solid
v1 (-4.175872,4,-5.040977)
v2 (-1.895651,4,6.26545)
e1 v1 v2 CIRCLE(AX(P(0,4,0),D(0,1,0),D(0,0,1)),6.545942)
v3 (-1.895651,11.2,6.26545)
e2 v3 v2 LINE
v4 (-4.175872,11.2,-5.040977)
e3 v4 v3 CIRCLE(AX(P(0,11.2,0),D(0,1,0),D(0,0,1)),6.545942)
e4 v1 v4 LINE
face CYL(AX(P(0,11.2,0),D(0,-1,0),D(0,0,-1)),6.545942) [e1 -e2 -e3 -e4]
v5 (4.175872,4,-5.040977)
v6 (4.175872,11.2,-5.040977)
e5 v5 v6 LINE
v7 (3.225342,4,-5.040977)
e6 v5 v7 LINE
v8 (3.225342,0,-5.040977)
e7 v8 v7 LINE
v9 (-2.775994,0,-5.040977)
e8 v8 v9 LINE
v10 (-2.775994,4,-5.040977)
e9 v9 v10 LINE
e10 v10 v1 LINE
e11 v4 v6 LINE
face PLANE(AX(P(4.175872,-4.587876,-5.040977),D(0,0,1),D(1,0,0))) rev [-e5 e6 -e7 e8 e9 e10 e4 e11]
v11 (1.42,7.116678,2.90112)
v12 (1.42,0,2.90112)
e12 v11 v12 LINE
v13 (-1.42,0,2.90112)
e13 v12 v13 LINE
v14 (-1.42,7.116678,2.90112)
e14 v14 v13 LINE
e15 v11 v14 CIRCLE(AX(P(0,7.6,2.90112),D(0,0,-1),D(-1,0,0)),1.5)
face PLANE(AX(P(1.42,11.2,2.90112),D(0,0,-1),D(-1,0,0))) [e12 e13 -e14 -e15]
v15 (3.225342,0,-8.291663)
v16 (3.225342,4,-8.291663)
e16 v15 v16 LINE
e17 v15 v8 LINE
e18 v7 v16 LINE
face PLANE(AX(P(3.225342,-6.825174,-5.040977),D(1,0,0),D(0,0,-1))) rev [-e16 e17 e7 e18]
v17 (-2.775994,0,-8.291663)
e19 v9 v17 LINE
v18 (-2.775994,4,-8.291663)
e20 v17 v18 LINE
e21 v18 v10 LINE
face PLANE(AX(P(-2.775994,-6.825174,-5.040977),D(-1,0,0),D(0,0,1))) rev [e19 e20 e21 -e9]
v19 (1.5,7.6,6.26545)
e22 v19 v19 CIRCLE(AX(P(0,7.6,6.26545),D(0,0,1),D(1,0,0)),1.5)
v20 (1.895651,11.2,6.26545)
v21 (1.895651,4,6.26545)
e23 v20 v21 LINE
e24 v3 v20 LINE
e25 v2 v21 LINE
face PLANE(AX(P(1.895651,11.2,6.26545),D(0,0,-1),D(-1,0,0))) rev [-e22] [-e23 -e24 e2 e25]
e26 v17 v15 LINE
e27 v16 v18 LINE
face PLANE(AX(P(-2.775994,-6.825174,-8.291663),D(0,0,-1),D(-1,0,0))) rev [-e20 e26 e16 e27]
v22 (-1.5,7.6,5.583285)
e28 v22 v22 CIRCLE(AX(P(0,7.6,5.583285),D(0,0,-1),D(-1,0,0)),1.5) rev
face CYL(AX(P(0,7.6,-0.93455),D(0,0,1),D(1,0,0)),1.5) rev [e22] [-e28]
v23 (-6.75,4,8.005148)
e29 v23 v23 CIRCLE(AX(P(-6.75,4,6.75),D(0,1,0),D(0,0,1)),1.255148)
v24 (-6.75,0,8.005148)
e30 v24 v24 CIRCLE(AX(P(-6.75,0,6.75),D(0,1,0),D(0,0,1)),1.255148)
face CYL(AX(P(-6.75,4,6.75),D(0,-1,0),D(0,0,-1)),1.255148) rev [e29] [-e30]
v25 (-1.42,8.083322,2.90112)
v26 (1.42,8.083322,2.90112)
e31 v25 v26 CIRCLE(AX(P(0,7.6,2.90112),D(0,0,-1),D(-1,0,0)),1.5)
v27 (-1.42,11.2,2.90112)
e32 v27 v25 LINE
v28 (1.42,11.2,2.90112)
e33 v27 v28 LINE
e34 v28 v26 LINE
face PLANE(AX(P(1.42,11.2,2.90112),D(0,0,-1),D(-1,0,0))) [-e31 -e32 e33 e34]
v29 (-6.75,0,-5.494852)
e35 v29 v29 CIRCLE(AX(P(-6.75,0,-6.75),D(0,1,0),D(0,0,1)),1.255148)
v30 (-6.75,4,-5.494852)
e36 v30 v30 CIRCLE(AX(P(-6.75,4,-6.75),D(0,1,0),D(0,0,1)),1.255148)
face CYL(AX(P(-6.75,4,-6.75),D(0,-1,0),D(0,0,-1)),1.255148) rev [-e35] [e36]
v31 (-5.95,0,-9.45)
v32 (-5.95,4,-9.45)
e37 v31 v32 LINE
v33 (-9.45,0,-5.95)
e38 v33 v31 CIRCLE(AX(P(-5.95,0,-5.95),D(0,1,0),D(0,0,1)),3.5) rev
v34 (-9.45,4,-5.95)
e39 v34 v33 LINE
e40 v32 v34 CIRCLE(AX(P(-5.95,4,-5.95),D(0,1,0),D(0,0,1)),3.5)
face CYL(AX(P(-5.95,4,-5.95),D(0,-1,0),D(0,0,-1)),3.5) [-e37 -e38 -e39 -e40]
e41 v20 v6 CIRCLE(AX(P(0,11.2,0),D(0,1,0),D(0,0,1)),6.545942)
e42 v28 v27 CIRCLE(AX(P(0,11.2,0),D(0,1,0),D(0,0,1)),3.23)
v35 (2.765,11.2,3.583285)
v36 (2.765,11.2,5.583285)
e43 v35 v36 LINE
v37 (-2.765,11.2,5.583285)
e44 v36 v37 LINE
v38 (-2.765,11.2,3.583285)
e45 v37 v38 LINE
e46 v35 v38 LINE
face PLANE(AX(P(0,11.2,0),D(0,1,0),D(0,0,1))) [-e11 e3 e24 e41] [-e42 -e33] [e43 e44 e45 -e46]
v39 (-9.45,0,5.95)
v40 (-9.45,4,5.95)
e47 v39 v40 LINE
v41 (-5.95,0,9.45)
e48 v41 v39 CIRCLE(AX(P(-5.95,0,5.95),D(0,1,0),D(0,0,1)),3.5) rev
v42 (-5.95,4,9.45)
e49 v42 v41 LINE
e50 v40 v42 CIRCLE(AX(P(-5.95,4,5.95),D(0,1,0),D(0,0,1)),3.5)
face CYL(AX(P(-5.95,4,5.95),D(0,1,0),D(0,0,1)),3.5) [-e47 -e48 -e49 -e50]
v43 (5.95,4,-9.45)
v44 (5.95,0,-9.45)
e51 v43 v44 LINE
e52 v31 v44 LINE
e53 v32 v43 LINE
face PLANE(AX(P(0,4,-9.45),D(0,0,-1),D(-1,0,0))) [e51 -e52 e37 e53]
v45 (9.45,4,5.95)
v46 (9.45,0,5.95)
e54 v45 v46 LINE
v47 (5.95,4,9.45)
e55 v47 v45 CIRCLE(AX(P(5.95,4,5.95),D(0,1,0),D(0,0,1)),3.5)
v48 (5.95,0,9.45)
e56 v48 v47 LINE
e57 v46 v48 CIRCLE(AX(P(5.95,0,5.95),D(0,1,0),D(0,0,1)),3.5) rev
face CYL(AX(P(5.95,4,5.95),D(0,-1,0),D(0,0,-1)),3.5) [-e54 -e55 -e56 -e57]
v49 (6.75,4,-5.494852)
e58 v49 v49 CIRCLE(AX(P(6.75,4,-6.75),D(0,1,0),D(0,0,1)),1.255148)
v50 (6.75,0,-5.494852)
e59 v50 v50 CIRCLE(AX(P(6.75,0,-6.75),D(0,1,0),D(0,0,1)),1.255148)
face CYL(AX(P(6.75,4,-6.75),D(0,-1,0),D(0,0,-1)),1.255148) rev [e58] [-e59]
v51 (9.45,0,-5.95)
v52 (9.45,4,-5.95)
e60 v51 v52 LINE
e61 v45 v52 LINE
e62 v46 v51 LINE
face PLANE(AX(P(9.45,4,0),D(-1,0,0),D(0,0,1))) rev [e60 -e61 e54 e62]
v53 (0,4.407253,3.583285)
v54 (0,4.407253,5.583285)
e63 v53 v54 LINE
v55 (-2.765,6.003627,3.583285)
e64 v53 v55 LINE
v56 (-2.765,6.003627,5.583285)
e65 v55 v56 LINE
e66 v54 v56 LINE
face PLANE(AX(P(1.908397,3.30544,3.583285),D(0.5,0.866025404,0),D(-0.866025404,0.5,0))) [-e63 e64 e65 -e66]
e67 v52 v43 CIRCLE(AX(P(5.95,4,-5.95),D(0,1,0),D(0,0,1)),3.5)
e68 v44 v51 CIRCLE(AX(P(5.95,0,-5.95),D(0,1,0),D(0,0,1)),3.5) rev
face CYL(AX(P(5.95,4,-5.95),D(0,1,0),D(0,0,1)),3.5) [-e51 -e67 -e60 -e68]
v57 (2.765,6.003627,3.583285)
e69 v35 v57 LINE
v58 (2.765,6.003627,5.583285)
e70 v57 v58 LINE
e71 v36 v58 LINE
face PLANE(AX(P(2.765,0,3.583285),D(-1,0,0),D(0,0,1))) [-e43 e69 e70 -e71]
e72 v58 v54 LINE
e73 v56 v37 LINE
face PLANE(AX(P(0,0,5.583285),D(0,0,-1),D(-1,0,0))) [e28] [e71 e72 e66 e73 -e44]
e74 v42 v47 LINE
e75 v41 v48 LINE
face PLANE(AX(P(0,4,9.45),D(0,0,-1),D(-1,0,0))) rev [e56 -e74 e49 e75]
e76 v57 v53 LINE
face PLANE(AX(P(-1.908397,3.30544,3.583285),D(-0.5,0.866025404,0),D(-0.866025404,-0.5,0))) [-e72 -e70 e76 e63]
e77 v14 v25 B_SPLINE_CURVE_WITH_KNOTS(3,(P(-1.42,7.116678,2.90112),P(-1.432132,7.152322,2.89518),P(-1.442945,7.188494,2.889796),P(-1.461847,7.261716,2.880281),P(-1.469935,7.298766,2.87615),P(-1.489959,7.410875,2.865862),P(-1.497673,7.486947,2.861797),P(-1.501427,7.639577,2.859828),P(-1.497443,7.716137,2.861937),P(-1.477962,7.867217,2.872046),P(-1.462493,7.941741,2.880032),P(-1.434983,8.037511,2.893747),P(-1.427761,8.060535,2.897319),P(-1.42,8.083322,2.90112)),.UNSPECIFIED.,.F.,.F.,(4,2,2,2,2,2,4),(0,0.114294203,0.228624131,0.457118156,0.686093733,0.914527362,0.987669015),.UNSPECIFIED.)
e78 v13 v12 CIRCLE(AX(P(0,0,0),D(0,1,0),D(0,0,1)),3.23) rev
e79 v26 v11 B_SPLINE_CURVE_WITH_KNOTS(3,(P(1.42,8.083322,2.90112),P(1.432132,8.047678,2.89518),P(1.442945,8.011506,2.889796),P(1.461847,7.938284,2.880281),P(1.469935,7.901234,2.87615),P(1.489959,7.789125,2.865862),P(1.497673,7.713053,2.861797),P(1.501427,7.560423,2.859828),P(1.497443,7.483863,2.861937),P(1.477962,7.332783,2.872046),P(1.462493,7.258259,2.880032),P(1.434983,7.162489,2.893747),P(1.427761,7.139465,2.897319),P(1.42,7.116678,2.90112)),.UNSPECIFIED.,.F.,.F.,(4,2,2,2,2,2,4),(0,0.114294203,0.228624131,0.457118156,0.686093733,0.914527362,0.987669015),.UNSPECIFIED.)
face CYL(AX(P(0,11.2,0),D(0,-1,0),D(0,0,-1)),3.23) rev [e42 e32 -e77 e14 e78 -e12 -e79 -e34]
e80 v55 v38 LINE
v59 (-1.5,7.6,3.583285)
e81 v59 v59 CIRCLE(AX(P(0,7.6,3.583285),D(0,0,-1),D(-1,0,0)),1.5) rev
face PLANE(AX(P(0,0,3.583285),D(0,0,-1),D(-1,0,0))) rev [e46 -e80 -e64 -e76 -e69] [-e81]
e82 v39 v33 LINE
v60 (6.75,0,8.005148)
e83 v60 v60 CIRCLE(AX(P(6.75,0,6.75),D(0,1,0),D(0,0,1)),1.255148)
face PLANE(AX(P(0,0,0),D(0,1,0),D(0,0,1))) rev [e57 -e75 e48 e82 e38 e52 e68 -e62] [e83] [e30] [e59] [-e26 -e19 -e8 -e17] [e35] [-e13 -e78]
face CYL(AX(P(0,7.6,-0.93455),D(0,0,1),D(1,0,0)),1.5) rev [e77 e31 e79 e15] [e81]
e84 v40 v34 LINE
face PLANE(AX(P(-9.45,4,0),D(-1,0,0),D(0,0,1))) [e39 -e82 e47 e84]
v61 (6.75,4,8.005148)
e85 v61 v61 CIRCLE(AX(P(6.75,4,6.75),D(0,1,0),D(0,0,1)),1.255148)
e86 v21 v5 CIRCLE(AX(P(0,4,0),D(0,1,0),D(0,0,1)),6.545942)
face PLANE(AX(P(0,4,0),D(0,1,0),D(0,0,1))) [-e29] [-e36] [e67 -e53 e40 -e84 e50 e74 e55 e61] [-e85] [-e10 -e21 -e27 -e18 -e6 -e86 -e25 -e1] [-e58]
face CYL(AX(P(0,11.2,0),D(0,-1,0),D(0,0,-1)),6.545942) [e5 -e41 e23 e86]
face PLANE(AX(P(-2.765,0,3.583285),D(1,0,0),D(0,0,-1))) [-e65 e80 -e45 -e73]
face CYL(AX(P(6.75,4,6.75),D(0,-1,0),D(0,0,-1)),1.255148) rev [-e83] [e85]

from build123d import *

# Parameters (mm, degrees)
SKETCH1_W               = 18.9
SKETCH1_H               = 18.9
SKETCH1_R               = 1.255147878
BOSS_EXTRUDE1_DEPTH     = 4
FILLET1_R               = 3.5
BOSS_EXTRUDE2_DEPTH     = 7.2
SKETCH3_R               = 1.5
CUT_EXTRUDE1_DEPTH      = 7.2
CUT_EXTRUDE2_DEPTH      = 1
CUT_EXTRUDE2_DEPTH_BACK = 1
CUT_EXTRUDE3_START      = -4
CUT_EXTRUDE3_DEPTH      = 4
SKETCH6_W               = 8.351743046
SKETCH6_H               = 2
CUT_EXTRUDE4_DEPTH      = 7.2
SKETCH7_W               = 6.001336377
SKETCH7_H               = 3.250686631
CUT_EXTRUDE5_DEPTH      = 4


with BuildPart() as part:
    # Sketch1 → Boss-Extrude1 (new body)
    with BuildSketch(Plane(origin=(0, 0, 0), x_dir=(1, 0, 0), z_dir=(0, 1, 0))):
        Rectangle(SKETCH1_W, SKETCH1_H)
        with Locations(Location((-6.75, 6.75, 0), (0, 0, 270))):
            Circle(SKETCH1_R, mode=Mode.SUBTRACT)
        with Locations(Location((6.75, 6.75, 0), (0, 0, 270))):
            Circle(SKETCH1_R, mode=Mode.SUBTRACT)
        with Locations(Location((6.75, -6.75, 0), (0, 0, 270))):
            Circle(SKETCH1_R, mode=Mode.SUBTRACT)
        with Locations(Location((-6.75, -6.75, 0), (0, 0, 270))):
            Circle(SKETCH1_R, mode=Mode.SUBTRACT)
    extrude(amount=BOSS_EXTRUDE1_DEPTH)

    # Fillet1
    fillet1_edges = [part.edges().sort_by_distance(p)[0] for p in [
        (-9.45, 2, 9.45),
        (-9.45, 2, -9.45),
        (9.45, 2, -9.45),
        (9.45, 2, 9.45),
    ]]
    fillet(fillet1_edges, radius=FILLET1_R)

    # Sketch2 → Boss-Extrude2 (add)
    with BuildSketch(Plane(origin=(0, 4, 0), x_dir=(1, 0, 0), z_dir=(0, 1, 0))):
        with BuildLine():
            Line((1.89565101, -6.265449543), (-1.89565101, -6.265449543))
            ThreePointArc((-1.89565101, -6.265449543), (0, 6.545941546), (1.89565101, -6.265449543))
        make_face()
        with BuildLine():
            Line((1.42, -2.901120473), (-1.42, -2.901120473))
            ThreePointArc((-1.42, -2.901120473), (0, 3.23), (1.42, -2.901120473))
        make_face(mode=Mode.SUBTRACT)
    extrude(amount=BOSS_EXTRUDE2_DEPTH)

    # Sketch3 → Cut-Extrude1 (cut)
    with BuildSketch(Plane.XY.offset(6.265449543)):
        with Locations((0, 7.6)):
            Circle(SKETCH3_R)
    extrude(amount=-CUT_EXTRUDE1_DEPTH, mode=Mode.SUBTRACT)

    # Sketch4 → Cut-Extrude2 (cut, two sides: drawn at the far end of the back side and taken through both)
    with BuildSketch(Plane(origin=(0, 0, 4.583285008), x_dir=(-1, 0, 0), z_dir=(0, 0, -1)).offset(-CUT_EXTRUDE2_DEPTH_BACK)):
        Polygon((-2.765, 9.196373494), (-2.765, 6.003626506), (0, 4.407253011), (2.765, 6.003626506), (2.765, 9.196373494), (0, 10.792746989), align=None)
        Polygon((2.765, 11.723212655), (-2.765, 11.723212655), (-2.765, 9.196373494), (0, 10.792746989), (2.765, 9.196373494), align=None)
    extrude(amount=CUT_EXTRUDE2_DEPTH + CUT_EXTRUDE2_DEPTH_BACK, mode=Mode.SUBTRACT)

    # Sketch5 → Cut-Extrude3 (cut)
    with BuildSketch(Plane(origin=(0, 4, 0), x_dir=(1, 0, 0), z_dir=(0, 1, 0)).offset(CUT_EXTRUDE3_START)):
        with BuildLine():
            Line((-1.42, -2.901120473), (1.42, -2.901120473))
            ThreePointArc((1.42, -2.901120473), (0, 3.23), (-1.42, -2.901120473))
        make_face()
    extrude(amount=CUT_EXTRUDE3_DEPTH, mode=Mode.SUBTRACT)

    # Sketch6 → Cut-Extrude4 (cut)
    with BuildSketch(Plane(origin=(0, 11.2, 0), x_dir=(1, 0, 0), z_dir=(0, 1, 0))):
        with Locations((0, 6.040976864)):
            Rectangle(SKETCH6_W, SKETCH6_H)
    extrude(amount=-CUT_EXTRUDE4_DEPTH, mode=Mode.SUBTRACT)

    # Sketch7 → Cut-Extrude5 (cut)
    with BuildSketch(Plane(origin=(0, 4, 0), x_dir=(1, 0, 0), z_dir=(0, 1, 0))):
        with Locations((0.224673796, 6.666320179)):
            Rectangle(SKETCH7_W, SKETCH7_H)
    extrude(amount=-CUT_EXTRUDE5_DEPTH, mode=Mode.SUBTRACT)


solid = part.part
